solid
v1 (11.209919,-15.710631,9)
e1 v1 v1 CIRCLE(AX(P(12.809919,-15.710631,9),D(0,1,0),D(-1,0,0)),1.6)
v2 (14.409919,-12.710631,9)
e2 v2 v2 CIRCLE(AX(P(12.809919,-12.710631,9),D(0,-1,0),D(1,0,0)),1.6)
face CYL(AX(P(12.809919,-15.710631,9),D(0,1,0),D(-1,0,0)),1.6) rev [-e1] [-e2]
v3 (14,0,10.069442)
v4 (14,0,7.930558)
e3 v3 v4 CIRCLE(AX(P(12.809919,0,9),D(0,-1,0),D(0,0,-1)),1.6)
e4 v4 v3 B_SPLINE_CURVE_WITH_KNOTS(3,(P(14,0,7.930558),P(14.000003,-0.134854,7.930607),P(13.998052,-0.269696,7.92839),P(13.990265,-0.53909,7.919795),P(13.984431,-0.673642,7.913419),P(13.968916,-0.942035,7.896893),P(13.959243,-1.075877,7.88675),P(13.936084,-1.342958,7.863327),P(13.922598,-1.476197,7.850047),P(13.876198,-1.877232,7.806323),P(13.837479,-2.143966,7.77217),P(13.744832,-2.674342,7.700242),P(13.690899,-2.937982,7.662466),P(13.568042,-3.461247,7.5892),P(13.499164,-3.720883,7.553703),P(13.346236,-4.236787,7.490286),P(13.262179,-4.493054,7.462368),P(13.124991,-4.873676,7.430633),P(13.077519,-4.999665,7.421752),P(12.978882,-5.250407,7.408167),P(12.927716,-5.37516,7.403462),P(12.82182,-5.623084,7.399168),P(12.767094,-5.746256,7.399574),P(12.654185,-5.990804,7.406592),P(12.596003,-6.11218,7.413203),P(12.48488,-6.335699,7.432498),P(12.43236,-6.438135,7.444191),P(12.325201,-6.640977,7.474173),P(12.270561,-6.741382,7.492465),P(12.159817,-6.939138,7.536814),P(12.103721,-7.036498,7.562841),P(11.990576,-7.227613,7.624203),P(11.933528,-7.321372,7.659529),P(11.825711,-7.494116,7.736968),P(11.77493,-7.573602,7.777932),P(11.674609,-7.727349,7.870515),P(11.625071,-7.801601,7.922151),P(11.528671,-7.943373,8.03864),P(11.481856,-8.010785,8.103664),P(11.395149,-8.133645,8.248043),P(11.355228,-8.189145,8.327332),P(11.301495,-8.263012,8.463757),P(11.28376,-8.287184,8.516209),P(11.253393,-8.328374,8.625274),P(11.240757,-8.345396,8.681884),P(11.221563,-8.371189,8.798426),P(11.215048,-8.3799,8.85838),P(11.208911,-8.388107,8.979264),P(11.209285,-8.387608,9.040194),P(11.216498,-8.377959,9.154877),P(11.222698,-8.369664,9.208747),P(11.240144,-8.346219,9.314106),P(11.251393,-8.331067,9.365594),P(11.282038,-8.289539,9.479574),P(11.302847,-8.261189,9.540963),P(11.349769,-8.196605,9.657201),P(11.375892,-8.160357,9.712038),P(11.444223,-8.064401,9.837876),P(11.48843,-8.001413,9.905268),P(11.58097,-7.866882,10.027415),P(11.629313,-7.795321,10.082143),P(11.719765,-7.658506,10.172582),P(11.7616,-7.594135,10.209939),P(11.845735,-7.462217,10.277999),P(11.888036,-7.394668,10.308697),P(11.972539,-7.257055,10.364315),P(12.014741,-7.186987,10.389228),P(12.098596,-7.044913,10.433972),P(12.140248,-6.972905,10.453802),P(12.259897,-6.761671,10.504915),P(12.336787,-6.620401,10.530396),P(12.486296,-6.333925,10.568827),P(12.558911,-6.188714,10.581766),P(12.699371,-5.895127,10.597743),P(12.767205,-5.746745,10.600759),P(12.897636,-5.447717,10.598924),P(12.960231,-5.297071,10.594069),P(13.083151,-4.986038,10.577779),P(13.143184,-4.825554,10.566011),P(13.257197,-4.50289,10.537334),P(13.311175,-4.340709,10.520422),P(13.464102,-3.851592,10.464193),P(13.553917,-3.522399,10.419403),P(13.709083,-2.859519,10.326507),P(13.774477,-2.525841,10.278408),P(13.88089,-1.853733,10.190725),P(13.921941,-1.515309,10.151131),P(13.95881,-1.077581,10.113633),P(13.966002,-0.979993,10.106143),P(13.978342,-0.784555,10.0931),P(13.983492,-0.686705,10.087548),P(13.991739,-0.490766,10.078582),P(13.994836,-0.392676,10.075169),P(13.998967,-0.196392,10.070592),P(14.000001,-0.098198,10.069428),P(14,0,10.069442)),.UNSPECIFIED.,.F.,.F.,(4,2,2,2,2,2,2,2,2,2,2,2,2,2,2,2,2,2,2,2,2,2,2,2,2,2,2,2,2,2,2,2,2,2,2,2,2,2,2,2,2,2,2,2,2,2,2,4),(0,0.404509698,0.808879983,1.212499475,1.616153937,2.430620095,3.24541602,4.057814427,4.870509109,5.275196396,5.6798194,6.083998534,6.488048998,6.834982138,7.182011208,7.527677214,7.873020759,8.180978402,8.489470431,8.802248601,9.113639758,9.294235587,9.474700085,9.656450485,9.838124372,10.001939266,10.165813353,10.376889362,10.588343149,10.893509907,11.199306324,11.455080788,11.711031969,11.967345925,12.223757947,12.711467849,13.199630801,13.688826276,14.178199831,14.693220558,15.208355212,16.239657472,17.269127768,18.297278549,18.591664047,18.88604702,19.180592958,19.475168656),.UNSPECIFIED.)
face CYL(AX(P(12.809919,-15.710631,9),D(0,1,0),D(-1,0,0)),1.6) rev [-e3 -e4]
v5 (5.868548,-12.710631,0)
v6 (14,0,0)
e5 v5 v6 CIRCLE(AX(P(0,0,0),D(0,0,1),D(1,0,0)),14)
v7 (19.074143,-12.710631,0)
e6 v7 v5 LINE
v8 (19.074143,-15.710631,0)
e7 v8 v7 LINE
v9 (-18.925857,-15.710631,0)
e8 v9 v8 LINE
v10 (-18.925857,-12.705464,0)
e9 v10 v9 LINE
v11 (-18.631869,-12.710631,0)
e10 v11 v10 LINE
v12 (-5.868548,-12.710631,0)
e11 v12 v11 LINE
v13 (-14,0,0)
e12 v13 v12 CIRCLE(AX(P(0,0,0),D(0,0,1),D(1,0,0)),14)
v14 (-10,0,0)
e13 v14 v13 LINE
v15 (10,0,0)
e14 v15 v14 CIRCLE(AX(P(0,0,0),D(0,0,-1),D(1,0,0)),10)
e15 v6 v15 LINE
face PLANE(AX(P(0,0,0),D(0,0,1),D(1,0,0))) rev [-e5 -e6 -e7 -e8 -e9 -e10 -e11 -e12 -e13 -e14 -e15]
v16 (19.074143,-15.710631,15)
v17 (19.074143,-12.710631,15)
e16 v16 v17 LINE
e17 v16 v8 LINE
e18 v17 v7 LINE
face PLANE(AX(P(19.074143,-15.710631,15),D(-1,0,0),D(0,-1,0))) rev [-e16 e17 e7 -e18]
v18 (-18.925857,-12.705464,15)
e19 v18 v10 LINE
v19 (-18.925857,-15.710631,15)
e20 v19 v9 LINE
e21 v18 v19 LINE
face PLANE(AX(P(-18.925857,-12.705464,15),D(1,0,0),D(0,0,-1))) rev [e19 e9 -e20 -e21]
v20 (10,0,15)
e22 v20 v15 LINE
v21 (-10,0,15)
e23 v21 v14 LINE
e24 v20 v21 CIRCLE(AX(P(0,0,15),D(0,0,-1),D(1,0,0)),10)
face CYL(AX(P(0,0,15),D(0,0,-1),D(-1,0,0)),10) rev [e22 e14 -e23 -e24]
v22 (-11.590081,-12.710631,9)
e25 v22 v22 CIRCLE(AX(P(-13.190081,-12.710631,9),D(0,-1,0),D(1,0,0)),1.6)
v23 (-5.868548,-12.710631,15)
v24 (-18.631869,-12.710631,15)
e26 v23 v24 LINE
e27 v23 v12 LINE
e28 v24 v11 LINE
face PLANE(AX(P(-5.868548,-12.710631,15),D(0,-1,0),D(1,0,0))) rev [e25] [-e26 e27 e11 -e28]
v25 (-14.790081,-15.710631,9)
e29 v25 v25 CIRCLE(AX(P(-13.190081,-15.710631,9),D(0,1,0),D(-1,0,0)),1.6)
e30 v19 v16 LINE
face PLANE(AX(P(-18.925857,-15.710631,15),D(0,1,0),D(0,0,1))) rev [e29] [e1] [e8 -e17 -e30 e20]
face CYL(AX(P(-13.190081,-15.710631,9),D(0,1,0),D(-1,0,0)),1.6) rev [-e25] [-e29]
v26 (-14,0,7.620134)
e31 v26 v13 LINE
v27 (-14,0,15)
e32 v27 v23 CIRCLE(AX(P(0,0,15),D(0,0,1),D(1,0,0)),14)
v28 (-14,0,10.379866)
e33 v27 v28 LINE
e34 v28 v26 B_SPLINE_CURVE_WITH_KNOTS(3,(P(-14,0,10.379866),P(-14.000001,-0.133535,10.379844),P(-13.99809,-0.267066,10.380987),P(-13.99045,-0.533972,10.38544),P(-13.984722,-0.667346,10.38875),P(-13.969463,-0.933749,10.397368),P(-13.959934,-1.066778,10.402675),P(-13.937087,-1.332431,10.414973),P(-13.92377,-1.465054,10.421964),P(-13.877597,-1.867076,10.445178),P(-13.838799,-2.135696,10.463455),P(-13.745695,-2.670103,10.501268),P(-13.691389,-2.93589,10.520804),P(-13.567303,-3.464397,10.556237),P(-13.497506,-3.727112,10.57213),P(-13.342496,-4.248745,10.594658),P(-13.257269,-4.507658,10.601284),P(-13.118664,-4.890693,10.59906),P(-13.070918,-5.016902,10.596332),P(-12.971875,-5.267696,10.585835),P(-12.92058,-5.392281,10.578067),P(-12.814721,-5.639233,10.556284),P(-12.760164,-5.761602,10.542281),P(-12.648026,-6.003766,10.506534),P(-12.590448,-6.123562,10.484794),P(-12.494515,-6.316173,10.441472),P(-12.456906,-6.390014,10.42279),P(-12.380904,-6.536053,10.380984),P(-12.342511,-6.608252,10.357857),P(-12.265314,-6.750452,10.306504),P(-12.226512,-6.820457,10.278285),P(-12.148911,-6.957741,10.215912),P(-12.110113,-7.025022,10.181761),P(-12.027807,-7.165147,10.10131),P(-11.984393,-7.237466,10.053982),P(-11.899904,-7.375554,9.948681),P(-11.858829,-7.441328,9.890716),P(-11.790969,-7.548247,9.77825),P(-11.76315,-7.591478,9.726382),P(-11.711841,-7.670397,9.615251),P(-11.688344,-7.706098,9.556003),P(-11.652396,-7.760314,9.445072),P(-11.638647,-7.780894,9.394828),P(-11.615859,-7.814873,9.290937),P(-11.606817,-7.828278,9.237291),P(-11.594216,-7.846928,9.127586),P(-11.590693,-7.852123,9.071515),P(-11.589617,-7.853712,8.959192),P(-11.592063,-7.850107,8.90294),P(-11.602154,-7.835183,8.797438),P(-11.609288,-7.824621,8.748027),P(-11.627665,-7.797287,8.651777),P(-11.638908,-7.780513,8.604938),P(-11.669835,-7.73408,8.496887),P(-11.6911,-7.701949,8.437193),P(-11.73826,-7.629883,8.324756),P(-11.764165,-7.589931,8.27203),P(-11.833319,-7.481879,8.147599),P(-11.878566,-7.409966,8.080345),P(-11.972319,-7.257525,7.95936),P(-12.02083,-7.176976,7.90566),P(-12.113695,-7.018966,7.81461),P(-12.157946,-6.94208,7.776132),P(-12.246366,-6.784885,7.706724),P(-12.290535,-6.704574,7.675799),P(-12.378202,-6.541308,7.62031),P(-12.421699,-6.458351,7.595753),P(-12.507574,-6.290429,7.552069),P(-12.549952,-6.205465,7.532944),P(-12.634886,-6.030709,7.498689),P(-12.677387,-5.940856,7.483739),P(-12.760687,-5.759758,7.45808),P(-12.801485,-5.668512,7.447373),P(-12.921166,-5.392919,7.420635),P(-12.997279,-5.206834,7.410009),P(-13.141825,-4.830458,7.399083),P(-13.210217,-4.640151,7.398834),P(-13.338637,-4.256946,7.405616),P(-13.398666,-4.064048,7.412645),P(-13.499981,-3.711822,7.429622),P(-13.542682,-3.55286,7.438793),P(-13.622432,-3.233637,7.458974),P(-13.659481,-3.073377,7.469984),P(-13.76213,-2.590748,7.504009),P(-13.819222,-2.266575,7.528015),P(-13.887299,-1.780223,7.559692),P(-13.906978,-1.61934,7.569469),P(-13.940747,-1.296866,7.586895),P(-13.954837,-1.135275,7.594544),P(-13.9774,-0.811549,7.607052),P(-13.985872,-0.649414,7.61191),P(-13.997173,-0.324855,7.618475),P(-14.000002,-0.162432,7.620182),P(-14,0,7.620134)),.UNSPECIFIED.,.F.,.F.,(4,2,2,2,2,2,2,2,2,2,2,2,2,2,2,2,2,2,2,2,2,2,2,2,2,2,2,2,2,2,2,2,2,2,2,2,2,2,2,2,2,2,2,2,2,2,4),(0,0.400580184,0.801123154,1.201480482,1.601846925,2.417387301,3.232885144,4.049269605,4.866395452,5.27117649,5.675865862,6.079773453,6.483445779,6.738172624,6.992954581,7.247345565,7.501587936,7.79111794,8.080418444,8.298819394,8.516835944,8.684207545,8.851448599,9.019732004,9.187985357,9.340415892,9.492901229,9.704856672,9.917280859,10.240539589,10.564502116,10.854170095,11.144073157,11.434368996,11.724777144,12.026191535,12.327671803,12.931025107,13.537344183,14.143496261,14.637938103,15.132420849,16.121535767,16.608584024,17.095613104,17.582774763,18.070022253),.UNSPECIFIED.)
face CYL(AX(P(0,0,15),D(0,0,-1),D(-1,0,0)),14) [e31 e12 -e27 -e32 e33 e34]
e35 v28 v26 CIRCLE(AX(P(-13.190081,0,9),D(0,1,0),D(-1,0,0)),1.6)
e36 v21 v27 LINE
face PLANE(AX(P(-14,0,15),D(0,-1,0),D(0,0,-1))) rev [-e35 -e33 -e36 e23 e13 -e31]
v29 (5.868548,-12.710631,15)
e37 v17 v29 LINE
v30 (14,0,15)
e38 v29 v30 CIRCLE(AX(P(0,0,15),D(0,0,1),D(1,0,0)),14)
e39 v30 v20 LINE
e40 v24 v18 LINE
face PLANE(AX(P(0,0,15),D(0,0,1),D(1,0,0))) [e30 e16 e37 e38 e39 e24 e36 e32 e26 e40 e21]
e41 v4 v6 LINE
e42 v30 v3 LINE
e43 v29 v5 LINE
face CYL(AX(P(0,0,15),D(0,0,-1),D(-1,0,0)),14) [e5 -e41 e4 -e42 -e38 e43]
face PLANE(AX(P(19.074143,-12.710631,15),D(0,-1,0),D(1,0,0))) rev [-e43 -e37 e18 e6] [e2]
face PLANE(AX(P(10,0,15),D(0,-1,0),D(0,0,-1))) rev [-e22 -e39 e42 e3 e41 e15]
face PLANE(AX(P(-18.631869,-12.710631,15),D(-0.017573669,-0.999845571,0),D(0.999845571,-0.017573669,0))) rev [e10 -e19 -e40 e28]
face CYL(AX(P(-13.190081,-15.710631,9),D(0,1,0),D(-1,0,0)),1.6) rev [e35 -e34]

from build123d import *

# Parameters (mm, degrees)
EXTRUDE_1_DEPTH          = 15
CUT_EXTRUDE_1_DEPTH      = 28.393120676
CUT_EXTRUDE_1_DEPTH_BACK = 28.393120676
SKETCH_2_R               = 1.6


with BuildPart() as part:
    # 草图1 → 凸台-拉伸1 (new body)
    with BuildSketch(Plane.XY):
        with BuildLine():
            Line((-18.631868928, -12.71063098), (-18.925857281, -12.705463728))
            Line((-18.925857281, -12.705463728), (-18.925857281, -15.71063098))
            Line((-18.925857281, -15.71063098), (19.074142719, -15.71063098))
            Line((19.074142719, -15.71063098), (19.074142719, -12.71063098))
            Line((19.074142719, -12.71063098), (5.86854838, -12.71063098))
            ThreePointArc((5.86854838, -12.71063098), (11.79321155, -7.544545138), (14, 0))
            Line((14, 0), (10, 0))
            ThreePointArc((10, 0), (0, -10), (-10, 0))
            Line((-10, 0), (-14, 0))
            ThreePointArc((-14, 0), (-11.79321155, -7.544545138), (-5.86854838, -12.71063098))
            Line((-5.86854838, -12.71063098), (-18.631868928, -12.71063098))
        make_face()
    extrude(amount=EXTRUDE_1_DEPTH)

    # 草图2 → 切除-拉伸1 (cut, two sides: drawn at the far end of the back side and taken through both)
    with BuildSketch(Plane(origin=(0, -12.71063098, 0), x_dir=(1, 0, 0), z_dir=(0, 1, 0)).offset(-CUT_EXTRUDE_1_DEPTH_BACK)):
        with Locations(Location((-13.190081146, -9, 0), (0, 0, 180))):
            Circle(SKETCH_2_R)
        with Locations(Location((12.809918854, -9, 0), (0, 0, 180))):
            Circle(SKETCH_2_R)
    extrude(amount=CUT_EXTRUDE_1_DEPTH + CUT_EXTRUDE_1_DEPTH_BACK, mode=Mode.SUBTRACT)


solid = part.part
